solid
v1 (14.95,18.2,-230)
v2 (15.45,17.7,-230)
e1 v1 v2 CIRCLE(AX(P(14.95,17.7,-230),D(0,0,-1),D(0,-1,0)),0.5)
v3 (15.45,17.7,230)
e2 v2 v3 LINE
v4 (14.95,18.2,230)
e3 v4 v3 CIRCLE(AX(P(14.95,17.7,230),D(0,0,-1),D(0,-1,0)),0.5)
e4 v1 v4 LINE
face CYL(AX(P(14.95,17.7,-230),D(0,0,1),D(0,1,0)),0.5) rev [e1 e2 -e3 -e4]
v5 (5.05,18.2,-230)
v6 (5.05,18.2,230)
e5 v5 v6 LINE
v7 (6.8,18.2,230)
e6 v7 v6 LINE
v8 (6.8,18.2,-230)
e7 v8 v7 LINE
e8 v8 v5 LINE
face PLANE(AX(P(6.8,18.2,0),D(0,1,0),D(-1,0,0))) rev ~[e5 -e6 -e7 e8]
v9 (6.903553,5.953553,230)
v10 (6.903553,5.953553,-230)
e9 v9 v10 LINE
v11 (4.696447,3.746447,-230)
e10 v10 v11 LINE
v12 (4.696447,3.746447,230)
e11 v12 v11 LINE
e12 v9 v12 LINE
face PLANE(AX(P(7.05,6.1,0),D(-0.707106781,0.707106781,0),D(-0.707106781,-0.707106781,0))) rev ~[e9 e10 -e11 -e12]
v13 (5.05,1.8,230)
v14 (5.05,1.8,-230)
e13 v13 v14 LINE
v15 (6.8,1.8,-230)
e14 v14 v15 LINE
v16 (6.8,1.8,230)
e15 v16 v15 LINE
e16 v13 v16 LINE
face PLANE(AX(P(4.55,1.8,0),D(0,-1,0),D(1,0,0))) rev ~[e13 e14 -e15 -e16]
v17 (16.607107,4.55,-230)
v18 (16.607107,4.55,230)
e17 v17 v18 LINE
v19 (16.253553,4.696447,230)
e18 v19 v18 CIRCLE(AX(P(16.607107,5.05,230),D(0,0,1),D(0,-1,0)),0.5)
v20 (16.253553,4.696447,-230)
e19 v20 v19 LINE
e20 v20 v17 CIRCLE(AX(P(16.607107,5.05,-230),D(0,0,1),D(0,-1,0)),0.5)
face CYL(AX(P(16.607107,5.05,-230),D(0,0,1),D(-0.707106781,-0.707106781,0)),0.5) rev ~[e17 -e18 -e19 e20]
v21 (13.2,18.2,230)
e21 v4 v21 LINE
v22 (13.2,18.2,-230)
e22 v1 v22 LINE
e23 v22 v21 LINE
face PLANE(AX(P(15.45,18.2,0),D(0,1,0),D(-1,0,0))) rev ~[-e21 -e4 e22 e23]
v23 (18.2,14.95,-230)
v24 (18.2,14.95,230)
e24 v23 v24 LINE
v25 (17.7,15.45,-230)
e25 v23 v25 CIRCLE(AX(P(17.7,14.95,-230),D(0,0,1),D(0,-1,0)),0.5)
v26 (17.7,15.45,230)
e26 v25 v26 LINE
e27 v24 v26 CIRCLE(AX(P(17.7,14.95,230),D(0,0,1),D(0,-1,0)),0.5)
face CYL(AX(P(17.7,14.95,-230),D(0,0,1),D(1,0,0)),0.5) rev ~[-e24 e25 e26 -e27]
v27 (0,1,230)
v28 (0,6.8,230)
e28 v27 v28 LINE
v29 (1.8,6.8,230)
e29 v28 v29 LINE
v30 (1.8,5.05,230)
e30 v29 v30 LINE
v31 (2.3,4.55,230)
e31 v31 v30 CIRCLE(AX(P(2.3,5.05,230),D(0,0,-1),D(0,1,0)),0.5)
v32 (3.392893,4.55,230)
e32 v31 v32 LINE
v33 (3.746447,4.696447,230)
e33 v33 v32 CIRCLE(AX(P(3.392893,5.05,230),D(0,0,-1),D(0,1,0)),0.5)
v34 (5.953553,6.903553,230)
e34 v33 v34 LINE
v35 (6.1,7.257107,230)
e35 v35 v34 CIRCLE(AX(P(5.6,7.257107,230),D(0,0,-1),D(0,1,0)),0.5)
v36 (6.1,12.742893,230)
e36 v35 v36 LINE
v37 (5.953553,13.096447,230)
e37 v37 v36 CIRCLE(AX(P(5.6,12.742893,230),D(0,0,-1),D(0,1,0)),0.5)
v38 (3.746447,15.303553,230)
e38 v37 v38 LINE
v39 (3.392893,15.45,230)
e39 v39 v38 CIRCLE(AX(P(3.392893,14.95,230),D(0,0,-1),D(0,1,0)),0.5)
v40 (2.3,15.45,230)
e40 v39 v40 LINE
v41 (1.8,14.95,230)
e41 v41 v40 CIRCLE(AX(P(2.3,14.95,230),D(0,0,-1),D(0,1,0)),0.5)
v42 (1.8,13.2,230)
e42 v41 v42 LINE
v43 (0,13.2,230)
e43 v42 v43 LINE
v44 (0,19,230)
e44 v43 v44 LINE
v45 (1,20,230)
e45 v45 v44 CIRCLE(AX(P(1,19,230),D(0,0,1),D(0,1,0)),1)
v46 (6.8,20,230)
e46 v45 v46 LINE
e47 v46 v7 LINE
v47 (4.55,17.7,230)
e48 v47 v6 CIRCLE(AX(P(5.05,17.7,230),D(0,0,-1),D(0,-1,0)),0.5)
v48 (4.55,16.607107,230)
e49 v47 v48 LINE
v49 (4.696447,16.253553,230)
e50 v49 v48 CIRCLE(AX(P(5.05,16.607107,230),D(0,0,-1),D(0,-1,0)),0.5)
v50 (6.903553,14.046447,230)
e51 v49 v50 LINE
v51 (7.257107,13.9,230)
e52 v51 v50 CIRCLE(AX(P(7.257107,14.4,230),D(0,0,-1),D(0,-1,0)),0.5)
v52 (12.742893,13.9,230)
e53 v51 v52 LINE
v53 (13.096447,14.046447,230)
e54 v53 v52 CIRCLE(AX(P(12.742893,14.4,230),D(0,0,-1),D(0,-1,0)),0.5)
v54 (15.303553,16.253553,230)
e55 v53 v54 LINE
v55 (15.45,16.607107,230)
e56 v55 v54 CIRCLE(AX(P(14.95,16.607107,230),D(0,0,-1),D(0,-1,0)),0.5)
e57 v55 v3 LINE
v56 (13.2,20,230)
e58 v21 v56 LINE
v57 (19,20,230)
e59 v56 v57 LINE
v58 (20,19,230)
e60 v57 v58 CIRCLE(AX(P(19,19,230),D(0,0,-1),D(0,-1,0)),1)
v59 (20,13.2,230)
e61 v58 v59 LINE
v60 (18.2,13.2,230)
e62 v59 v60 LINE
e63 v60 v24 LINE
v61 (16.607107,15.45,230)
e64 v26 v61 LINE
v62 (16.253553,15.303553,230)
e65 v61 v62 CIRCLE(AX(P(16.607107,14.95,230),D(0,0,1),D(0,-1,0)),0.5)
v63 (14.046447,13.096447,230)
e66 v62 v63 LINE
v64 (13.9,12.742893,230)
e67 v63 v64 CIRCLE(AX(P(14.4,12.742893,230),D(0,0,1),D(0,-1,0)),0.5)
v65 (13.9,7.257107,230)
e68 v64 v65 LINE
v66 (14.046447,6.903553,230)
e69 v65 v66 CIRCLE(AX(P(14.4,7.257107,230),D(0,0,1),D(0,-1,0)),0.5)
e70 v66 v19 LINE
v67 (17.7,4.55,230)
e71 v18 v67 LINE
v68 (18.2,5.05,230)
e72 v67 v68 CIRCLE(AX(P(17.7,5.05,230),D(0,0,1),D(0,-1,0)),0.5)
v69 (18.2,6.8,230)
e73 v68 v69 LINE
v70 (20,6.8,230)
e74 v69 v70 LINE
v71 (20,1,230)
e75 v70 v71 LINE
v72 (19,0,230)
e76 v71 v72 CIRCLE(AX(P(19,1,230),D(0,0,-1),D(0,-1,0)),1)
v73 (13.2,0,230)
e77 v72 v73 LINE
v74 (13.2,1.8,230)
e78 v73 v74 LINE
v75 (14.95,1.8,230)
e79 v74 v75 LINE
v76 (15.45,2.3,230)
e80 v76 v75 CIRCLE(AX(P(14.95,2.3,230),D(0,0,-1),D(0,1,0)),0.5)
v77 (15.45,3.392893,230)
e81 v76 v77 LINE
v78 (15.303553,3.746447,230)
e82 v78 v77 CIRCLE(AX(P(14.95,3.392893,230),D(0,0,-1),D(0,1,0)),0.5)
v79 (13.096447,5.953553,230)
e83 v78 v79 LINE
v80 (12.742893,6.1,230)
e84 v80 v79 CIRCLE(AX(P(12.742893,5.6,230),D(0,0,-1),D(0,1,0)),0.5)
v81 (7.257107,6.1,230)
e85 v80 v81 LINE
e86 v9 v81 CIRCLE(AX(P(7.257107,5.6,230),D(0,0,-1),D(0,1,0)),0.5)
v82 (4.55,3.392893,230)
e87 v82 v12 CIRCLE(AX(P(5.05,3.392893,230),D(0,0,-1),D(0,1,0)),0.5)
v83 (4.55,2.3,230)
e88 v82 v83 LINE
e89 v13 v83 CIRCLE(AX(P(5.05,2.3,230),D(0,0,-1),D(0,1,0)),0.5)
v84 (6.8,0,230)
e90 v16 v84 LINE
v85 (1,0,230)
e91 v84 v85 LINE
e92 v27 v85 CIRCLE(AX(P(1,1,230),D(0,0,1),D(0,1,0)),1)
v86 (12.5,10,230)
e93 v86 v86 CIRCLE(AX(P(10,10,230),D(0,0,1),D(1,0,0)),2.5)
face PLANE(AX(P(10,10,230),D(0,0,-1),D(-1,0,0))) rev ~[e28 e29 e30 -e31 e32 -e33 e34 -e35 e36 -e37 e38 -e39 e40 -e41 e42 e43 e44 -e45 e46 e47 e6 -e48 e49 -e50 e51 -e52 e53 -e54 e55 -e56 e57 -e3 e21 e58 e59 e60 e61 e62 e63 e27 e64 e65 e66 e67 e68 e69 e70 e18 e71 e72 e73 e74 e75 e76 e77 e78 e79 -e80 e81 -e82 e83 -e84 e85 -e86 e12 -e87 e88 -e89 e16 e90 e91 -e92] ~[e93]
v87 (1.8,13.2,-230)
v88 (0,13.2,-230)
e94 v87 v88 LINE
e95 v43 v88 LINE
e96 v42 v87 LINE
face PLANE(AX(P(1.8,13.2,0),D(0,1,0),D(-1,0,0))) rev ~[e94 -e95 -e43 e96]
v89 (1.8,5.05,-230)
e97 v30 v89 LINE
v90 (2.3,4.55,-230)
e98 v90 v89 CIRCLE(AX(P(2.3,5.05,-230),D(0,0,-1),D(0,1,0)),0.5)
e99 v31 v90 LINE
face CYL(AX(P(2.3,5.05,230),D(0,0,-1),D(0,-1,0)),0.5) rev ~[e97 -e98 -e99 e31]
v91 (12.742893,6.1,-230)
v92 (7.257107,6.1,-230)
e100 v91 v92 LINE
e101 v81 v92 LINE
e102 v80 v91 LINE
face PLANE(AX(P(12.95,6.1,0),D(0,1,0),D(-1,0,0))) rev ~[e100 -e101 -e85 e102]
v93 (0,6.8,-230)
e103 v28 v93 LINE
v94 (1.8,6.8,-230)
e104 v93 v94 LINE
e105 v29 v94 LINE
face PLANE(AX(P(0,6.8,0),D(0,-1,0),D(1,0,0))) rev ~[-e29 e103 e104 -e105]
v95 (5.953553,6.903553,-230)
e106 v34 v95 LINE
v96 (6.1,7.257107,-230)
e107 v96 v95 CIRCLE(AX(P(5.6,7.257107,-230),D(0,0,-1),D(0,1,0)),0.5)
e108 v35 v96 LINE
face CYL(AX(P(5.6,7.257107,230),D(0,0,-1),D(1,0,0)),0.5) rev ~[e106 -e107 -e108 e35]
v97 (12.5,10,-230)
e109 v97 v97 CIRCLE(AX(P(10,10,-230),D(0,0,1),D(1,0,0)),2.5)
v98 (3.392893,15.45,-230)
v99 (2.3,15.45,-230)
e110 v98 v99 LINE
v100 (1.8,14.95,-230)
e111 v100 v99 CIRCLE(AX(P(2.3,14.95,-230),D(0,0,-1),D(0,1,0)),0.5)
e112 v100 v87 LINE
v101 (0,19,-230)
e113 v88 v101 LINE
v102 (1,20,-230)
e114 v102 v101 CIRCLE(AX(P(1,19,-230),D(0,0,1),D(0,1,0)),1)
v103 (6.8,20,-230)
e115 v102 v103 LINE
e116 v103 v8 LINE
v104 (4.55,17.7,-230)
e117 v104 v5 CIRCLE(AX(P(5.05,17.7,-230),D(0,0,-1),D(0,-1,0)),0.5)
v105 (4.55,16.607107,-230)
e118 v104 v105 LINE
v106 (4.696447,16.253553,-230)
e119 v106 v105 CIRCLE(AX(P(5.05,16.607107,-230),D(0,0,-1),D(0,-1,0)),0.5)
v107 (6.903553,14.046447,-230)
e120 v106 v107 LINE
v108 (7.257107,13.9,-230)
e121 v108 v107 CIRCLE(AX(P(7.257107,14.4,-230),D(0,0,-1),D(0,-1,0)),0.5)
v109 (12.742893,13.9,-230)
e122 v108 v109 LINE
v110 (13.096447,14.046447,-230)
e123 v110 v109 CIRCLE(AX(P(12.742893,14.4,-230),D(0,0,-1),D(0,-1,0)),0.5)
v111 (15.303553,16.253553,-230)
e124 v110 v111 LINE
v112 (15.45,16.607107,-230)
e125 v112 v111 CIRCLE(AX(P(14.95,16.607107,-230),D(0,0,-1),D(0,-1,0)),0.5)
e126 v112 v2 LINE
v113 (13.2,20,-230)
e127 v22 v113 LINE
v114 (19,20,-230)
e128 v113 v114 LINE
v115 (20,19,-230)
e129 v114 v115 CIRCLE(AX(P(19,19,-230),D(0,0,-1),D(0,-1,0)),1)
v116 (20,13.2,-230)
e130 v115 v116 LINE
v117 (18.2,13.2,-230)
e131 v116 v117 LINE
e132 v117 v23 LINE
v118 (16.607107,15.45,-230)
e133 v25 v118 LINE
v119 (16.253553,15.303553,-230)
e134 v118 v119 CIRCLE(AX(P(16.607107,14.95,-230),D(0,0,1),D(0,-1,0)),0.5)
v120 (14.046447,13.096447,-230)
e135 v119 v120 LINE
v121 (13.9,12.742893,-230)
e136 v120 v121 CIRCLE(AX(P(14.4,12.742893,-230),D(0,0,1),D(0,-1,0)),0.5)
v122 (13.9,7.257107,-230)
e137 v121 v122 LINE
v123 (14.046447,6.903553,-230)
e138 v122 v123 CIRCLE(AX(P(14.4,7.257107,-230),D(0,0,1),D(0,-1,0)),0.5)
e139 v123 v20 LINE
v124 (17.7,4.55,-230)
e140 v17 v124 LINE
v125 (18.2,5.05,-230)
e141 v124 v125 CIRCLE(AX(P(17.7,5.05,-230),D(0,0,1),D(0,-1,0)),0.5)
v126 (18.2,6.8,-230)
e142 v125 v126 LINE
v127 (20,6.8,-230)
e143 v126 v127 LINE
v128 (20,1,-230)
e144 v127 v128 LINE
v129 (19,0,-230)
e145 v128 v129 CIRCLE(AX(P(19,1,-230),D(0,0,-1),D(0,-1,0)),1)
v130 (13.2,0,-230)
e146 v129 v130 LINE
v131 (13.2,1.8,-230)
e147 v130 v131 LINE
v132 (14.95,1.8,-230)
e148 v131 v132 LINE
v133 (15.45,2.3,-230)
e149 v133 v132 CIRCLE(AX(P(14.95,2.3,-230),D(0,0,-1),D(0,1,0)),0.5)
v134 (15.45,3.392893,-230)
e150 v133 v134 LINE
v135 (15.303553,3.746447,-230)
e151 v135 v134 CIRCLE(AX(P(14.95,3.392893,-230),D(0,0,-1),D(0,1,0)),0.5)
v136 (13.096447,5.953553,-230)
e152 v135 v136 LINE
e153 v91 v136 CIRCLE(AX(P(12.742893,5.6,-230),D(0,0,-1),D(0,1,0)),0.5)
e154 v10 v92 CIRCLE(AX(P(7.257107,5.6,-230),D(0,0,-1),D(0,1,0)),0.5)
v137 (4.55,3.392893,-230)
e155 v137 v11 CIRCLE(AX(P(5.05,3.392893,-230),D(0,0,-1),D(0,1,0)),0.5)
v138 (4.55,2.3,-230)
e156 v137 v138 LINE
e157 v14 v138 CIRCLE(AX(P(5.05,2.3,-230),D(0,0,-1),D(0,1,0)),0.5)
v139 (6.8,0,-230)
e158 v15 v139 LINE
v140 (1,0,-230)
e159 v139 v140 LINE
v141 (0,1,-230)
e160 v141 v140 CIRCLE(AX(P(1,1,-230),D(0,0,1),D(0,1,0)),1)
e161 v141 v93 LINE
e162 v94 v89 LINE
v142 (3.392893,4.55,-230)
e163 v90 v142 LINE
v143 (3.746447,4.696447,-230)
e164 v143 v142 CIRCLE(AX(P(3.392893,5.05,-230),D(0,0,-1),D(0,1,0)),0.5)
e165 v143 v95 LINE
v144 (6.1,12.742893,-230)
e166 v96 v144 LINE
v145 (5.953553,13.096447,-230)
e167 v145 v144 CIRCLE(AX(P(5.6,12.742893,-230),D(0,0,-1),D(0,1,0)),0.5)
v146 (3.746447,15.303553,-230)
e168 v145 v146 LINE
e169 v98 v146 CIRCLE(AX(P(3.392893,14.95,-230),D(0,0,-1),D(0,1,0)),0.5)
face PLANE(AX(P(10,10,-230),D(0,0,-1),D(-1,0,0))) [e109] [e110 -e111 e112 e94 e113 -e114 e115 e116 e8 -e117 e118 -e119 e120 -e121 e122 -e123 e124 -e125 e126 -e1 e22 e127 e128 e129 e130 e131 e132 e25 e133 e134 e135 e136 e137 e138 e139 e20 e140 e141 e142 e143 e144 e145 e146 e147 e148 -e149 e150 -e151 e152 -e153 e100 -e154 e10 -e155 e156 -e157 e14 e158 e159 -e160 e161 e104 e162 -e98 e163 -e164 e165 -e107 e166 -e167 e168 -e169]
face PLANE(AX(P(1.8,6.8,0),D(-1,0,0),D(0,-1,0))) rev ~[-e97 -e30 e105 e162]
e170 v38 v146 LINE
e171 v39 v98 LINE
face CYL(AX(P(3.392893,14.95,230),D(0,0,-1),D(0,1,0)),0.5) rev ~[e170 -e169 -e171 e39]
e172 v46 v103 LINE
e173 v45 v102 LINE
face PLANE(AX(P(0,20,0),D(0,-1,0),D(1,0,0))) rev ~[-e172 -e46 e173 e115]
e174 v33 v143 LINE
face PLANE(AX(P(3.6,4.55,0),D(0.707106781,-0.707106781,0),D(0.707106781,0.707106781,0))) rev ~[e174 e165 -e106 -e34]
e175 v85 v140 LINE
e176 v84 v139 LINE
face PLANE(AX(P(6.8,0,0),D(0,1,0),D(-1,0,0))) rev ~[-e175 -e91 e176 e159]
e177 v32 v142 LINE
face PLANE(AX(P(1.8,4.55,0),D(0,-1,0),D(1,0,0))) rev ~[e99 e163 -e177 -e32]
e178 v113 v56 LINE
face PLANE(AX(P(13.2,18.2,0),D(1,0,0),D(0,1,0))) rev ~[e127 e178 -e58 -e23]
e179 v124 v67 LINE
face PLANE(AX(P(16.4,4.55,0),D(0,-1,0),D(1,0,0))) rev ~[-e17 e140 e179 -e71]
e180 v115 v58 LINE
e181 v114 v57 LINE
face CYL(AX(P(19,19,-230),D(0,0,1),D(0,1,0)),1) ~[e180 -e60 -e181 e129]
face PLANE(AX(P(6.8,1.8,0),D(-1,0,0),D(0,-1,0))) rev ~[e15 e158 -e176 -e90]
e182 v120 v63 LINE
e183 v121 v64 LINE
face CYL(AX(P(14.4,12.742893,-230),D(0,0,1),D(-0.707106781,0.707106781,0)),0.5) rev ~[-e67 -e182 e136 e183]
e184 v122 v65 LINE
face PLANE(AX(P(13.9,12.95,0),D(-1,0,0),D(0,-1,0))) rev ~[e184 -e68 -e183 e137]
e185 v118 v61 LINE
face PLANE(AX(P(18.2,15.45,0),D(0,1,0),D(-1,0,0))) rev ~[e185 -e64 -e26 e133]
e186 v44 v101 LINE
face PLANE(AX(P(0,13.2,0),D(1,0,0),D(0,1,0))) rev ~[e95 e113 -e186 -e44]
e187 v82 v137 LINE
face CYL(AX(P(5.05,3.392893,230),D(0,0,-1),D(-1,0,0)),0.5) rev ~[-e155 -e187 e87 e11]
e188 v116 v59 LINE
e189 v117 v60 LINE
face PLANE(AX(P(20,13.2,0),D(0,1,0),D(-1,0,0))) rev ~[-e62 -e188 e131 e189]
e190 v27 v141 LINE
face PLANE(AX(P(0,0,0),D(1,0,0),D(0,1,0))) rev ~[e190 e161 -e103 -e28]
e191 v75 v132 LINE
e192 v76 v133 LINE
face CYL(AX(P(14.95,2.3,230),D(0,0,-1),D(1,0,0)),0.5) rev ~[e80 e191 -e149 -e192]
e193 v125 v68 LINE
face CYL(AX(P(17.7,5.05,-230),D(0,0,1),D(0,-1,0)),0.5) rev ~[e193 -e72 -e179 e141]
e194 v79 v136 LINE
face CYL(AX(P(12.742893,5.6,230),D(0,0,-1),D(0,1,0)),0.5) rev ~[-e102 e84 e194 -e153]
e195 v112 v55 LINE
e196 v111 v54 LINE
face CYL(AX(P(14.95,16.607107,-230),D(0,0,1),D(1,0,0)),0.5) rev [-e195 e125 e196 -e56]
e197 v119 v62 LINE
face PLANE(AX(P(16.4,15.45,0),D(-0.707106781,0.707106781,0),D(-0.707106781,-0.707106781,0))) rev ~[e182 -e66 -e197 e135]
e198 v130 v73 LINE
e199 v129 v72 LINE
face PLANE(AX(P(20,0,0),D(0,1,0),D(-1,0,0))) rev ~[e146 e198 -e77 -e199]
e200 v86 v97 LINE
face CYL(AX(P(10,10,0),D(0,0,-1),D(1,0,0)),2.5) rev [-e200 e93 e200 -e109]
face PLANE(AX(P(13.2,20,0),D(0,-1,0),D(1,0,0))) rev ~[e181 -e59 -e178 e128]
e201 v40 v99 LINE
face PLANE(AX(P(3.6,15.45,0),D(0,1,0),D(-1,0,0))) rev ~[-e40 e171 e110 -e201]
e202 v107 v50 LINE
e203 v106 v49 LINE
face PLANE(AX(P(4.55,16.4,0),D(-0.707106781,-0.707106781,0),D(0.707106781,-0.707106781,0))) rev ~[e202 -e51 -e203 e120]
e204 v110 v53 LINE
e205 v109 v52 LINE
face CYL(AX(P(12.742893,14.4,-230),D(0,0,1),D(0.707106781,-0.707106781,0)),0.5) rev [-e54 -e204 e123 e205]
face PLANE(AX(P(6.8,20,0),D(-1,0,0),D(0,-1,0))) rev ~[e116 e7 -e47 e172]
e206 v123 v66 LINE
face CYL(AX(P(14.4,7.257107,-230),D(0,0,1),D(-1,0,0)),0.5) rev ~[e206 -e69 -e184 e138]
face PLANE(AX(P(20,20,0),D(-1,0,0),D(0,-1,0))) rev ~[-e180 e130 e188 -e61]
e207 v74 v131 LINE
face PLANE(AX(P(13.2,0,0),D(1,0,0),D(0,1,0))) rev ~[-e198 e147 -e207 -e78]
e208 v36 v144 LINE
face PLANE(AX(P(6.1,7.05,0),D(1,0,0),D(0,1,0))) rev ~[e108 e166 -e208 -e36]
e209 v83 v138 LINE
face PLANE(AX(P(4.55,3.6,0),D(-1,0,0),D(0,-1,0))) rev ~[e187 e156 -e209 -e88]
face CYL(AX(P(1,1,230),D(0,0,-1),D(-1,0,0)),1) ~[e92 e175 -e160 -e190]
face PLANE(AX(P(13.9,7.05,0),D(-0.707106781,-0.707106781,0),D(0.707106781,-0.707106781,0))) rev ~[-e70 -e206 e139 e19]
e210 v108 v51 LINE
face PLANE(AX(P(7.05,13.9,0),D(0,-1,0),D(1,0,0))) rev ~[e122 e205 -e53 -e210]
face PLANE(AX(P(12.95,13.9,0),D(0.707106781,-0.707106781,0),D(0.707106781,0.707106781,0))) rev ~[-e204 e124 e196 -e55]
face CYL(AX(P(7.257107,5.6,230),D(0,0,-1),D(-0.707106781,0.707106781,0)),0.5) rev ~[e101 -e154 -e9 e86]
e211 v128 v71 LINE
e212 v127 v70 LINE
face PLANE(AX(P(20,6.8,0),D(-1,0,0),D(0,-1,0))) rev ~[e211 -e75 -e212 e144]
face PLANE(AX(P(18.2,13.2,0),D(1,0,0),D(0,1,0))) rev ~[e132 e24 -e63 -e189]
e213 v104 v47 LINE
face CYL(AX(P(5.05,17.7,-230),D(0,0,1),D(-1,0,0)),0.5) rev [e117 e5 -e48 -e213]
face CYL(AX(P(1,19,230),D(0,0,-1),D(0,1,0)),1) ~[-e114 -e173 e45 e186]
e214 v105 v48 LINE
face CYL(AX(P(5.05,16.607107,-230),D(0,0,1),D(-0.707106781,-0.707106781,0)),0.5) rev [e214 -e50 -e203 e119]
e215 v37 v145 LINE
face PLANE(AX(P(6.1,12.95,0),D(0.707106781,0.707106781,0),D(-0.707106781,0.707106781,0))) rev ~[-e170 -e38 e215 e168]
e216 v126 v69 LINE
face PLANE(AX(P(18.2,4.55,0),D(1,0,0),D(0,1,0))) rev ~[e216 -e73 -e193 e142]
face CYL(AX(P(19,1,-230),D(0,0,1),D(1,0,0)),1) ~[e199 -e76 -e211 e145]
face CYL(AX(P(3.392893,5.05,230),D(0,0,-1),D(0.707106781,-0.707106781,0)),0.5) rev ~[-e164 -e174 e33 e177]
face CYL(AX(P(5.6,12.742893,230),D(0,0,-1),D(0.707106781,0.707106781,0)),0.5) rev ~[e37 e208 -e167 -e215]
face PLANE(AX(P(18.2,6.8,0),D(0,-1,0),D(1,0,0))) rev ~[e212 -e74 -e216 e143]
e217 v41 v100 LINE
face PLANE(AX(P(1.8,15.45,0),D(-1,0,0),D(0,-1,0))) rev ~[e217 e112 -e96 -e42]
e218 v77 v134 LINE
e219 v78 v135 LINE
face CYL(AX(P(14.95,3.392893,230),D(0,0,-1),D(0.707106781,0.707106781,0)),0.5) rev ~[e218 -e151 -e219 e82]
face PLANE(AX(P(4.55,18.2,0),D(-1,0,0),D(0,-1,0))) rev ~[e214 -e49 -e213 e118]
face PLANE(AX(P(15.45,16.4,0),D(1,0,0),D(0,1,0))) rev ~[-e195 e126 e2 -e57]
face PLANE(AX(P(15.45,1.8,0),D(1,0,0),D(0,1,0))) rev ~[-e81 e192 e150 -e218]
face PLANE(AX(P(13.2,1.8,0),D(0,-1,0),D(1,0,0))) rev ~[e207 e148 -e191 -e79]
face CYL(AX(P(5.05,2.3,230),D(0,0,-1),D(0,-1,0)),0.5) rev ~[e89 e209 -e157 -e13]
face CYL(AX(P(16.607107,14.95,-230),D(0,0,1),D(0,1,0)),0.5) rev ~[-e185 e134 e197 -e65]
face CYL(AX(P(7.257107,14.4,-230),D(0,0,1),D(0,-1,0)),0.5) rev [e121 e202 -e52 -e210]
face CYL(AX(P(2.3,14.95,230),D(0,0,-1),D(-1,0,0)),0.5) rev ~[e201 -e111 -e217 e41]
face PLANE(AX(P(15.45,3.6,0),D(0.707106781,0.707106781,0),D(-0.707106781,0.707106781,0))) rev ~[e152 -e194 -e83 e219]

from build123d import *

# Parameters (mm, degrees)
SKETCH1_R           = 2.5
BOSS_EXTRUDE1_DEPTH = 230
FILLET1_R           = 1
FILLET2_R           = 0.5
FILLET3_R           = 0.5
FILLET4_R           = 0.5
FILLET5_R           = 0.5


with BuildPart() as part:
    # Sketch1 → Boss-Extrude1 (new, symmetric)
    with BuildSketch(Plane.XY):
        Polygon((13.2, 0), (13.2, 1.8), (15.45, 1.8), (15.45, 3.6), (12.95, 6.1), (7.05, 6.1), (4.55, 3.6), (4.55, 1.8), (6.8, 1.8), (6.8, 0), (0, 0), (0, 6.8), (1.8, 6.8), (1.8, 4.55), (3.6, 4.55), (6.1, 7.05), (6.1, 12.95), (3.6, 15.45), (1.8, 15.45), (1.8, 13.2), (0, 13.2), (0, 20), (6.8, 20), (6.8, 18.2), (4.55, 18.2), (4.55, 16.4), (7.05, 13.9), (12.95, 13.9), (15.45, 16.4), (15.45, 18.2), (13.2, 18.2), (13.2, 20), (20, 20), (20, 13.2), (18.2, 13.2), (18.2, 15.45), (16.4, 15.45), (13.9, 12.95), (13.9, 7.05), (16.4, 4.55), (18.2, 4.55), (18.2, 6.8), (20, 6.8), (20, 0), align=None)
        with Locations((10, 10)):
            Circle(SKETCH1_R, mode=Mode.SUBTRACT)
    extrude(amount=BOSS_EXTRUDE1_DEPTH, both=True)

    # Fillet1
    fillet1_edges = [part.edges().sort_by_distance(p)[0] for p in [
        (0, 0, 0),
        (0, 20, 0),
        (20, 20, 0),
        (20, 0, 0),
    ]]
    fillet(fillet1_edges, radius=FILLET1_R)

    # Fillet2
    fillet2_edges = [part.edges().sort_by_distance(p)[0] for p in [
        (4.55, 18.2, 0),
        (4.55, 16.4, 0),
        (7.05, 13.9, 0),
        (12.95, 13.9, 0),
        (15.45, 16.4, 0),
        (15.45, 18.2, 0),
    ]]
    fillet(fillet2_edges, radius=FILLET2_R)

    # Fillet3
    fillet3_edges = [part.edges().sort_by_distance(p)[0] for p in [
        (18.2, 15.45, 0),
        (16.4, 15.45, 0),
        (13.9, 12.95, 0),
        (13.9, 7.05, 0),
        (16.4, 4.55, 0),
        (18.2, 4.55, 0),
    ]]
    fillet(fillet3_edges, radius=FILLET3_R)

    # Fillet4
    fillet4_edges = [part.edges().sort_by_distance(p)[0] for p in [
        (1.8, 4.55, 0),
        (3.6, 4.55, 0),
        (6.1, 7.05, 0),
        (6.1, 12.95, 0),
        (3.6, 15.45, 0),
        (1.8, 15.45, 0),
    ]]
    fillet(fillet4_edges, radius=FILLET4_R)

    # Fillet5
    fillet5_edges = [part.edges().sort_by_distance(p)[0] for p in [
        (15.45, 1.8, 0),
        (15.45, 3.6, 0),
        (12.95, 6.1, 0),
        (7.05, 6.1, 0),
        (4.55, 3.6, 0),
        (4.55, 1.8, 0),
    ]]
    fillet(fillet5_edges, radius=FILLET5_R)


solid = part.part
